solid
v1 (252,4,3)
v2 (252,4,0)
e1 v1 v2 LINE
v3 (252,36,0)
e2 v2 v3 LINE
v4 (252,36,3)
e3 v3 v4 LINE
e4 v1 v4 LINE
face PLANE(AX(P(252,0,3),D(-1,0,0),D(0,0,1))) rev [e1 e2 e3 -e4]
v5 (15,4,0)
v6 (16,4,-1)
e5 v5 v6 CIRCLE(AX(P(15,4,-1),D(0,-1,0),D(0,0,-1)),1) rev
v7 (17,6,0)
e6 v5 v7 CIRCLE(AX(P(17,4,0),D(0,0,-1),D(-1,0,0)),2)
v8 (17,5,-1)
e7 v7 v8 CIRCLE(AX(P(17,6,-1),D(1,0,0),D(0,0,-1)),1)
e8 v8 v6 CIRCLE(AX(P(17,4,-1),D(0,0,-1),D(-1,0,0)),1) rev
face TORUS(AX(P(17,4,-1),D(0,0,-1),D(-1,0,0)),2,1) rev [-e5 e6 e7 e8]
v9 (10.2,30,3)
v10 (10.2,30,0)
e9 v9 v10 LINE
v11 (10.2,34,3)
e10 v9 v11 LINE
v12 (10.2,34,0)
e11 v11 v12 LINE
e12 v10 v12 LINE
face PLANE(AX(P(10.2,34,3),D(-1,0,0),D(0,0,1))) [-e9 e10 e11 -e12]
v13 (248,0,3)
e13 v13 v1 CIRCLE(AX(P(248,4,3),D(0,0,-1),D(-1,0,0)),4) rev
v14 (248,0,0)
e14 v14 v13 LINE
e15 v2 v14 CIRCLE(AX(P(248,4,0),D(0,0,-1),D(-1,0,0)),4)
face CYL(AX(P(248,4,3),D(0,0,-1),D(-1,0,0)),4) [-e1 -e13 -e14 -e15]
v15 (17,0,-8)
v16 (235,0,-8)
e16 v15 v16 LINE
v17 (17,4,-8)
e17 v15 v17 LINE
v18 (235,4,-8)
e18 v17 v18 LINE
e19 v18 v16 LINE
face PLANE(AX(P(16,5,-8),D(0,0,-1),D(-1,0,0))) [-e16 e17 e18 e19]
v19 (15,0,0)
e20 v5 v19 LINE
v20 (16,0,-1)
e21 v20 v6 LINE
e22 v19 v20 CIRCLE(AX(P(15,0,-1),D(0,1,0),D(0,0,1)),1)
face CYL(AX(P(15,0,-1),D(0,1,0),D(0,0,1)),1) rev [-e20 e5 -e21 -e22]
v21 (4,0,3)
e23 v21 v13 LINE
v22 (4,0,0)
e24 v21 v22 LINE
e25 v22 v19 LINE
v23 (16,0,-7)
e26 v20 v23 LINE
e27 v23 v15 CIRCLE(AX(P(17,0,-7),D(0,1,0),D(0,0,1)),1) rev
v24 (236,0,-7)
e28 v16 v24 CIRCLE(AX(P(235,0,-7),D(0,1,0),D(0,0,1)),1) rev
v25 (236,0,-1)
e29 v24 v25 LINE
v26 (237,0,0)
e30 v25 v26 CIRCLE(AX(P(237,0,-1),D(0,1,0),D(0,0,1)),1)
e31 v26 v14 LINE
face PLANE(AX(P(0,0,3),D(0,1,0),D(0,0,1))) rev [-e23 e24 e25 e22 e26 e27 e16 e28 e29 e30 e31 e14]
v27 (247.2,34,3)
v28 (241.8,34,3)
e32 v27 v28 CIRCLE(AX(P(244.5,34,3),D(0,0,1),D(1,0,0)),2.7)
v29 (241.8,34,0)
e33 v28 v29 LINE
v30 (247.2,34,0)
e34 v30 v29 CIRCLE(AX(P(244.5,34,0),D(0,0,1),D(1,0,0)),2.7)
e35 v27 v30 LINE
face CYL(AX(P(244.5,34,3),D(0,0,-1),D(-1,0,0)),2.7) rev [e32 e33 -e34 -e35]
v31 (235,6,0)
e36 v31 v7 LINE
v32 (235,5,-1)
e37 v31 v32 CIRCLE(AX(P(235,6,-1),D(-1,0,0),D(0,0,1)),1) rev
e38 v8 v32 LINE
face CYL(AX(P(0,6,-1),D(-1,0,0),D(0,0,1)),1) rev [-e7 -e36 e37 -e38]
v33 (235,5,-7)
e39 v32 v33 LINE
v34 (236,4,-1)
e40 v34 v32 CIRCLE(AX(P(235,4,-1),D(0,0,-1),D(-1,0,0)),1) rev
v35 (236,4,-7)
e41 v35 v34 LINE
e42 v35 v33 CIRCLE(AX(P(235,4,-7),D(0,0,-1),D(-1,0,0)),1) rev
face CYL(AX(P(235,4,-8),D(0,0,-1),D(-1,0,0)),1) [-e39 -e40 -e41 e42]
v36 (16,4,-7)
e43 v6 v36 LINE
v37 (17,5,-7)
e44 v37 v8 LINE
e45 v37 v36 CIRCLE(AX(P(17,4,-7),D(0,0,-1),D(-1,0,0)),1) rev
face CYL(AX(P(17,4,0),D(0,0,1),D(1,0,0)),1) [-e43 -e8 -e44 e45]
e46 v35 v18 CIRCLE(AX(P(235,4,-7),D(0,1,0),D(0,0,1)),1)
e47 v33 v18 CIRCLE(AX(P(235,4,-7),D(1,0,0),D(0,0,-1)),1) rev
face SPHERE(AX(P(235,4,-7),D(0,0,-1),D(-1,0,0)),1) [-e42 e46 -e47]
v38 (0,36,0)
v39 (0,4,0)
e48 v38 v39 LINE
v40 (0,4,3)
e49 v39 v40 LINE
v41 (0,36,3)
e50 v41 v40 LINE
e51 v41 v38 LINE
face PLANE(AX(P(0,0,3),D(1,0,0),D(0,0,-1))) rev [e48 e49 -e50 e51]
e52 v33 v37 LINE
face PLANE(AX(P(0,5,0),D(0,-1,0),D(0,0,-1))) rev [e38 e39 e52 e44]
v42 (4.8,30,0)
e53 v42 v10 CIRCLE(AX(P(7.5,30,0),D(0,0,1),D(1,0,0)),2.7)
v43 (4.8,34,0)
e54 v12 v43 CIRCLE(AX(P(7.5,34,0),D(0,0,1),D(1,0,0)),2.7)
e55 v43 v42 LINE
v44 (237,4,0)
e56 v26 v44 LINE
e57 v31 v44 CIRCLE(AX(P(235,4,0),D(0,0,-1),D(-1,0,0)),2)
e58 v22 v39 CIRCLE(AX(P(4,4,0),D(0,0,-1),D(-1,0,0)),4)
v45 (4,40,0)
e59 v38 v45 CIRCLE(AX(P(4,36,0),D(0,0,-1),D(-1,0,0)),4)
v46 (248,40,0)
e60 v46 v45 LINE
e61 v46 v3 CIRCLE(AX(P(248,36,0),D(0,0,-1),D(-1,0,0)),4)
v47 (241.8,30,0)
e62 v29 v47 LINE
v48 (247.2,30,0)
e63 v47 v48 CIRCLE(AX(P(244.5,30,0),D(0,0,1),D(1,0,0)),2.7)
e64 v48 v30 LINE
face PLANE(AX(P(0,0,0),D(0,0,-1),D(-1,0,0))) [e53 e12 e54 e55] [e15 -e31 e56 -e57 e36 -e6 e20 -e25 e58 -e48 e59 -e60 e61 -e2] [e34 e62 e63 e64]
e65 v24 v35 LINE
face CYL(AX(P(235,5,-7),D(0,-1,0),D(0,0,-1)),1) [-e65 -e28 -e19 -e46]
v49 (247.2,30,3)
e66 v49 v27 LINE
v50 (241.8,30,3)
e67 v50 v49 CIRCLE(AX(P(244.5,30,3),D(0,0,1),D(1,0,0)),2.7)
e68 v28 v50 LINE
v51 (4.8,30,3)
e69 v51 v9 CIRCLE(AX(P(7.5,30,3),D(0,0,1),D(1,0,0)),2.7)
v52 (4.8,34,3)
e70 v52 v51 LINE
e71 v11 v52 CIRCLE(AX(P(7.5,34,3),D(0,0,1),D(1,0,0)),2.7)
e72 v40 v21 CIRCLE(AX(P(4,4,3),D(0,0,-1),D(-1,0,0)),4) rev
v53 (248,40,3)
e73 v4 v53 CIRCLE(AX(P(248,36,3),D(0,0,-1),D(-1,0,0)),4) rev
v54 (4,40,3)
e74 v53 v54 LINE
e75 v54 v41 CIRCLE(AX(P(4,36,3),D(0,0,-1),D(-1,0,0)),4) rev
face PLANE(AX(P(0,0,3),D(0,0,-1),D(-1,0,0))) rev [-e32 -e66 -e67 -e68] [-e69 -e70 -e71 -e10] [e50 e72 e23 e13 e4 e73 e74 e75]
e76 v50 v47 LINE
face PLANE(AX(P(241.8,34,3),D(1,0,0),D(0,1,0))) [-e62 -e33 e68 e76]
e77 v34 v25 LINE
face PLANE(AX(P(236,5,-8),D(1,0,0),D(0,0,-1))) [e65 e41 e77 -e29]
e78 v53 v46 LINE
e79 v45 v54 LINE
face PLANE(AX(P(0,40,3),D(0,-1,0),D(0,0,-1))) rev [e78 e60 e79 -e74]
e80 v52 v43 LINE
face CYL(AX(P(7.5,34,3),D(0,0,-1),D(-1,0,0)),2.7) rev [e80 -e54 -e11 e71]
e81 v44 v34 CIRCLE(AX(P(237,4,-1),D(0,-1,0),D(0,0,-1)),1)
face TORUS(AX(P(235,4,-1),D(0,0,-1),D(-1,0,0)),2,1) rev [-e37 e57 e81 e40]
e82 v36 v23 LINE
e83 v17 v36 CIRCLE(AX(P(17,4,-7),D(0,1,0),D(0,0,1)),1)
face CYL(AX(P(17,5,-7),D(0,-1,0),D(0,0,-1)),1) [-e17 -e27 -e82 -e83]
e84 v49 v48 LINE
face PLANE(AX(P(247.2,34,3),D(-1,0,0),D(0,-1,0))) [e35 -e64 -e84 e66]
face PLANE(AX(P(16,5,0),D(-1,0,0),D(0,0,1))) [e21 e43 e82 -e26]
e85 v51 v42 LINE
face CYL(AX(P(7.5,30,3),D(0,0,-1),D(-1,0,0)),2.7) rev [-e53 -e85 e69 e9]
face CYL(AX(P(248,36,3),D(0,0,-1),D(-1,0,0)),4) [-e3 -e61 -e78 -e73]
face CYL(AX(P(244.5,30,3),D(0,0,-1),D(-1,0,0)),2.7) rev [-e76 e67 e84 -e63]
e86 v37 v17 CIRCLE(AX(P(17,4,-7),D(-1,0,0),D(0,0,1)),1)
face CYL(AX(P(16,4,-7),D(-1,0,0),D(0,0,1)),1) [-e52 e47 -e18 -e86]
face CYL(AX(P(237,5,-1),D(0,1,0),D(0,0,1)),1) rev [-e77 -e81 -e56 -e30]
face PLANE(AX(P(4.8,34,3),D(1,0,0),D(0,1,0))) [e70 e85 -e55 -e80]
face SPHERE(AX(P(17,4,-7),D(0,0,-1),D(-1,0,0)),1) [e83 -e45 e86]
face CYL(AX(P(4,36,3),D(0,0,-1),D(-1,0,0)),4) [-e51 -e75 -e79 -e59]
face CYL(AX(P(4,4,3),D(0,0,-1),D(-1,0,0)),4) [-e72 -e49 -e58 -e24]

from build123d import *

# Parameters (mm, degrees)
SKETCH1_W           = 252
SKETCH1_H           = 40
BOSS_EXTRUDE1_DEPTH = 3
SKETCH2_W           = 220
SKETCH2_H           = 8
BOSS_EXTRUDE2_DEPTH = 5
FILLET1_R           = 4
FILLET2_R           = 1


with BuildPart() as part:
    # Sketch1 → Boss-Extrude1 (new body)
    with BuildSketch(Plane.XY):
        with Locations((126, 20)):
            Rectangle(SKETCH1_W, SKETCH1_H)
        with BuildLine():
            Line((10.2, 34), (10.2, 30))
            ThreePointArc((10.2, 30), (7.5, 27.3), (4.8, 30))
            Line((4.8, 30), (4.8, 34))
            ThreePointArc((4.8, 34), (7.5, 36.7), (10.2, 34))
        make_face(mode=Mode.SUBTRACT)
        with BuildLine():
            Line((247.2, 34), (247.2, 30))
            ThreePointArc((247.2, 30), (244.5, 27.3), (241.8, 30))
            Line((241.8, 30), (241.8, 34))
            ThreePointArc((241.8, 34), (244.5, 36.7), (247.2, 34))
        make_face(mode=Mode.SUBTRACT)
    extrude(amount=BOSS_EXTRUDE1_DEPTH)

    # Sketch2 → Boss-Extrude2 (add)
    with BuildSketch(Plane.XZ):
        with Locations((126, -4)):
            Rectangle(SKETCH2_W, SKETCH2_H)
    extrude(amount=-BOSS_EXTRUDE2_DEPTH)

    # Fillet1
    fillet1_edges = [part.edges().sort_by_distance(p)[0] for p in [
        (0, 40, 1.5),
        (252, 40, 1.5),
        (252, 0, 1.5),
        (0, 0, 1.5),
    ]]
    fillet(fillet1_edges, radius=FILLET1_R)

    # Fillet2
    fillet2_edges = [part.edges().sort_by_distance(p)[0] for p in [
        (126, 5, 0),
        (16, 2.5, 0),
        (236, 5, -4),
        (236, 2.5, 0),
        (126, 5, -8),
        (236, 2.5, -8),
        (16, 5, -4),
        (16, 2.5, -8),
    ]]
    fillet(fillet2_edges, radius=FILLET2_R)


solid = part.part
